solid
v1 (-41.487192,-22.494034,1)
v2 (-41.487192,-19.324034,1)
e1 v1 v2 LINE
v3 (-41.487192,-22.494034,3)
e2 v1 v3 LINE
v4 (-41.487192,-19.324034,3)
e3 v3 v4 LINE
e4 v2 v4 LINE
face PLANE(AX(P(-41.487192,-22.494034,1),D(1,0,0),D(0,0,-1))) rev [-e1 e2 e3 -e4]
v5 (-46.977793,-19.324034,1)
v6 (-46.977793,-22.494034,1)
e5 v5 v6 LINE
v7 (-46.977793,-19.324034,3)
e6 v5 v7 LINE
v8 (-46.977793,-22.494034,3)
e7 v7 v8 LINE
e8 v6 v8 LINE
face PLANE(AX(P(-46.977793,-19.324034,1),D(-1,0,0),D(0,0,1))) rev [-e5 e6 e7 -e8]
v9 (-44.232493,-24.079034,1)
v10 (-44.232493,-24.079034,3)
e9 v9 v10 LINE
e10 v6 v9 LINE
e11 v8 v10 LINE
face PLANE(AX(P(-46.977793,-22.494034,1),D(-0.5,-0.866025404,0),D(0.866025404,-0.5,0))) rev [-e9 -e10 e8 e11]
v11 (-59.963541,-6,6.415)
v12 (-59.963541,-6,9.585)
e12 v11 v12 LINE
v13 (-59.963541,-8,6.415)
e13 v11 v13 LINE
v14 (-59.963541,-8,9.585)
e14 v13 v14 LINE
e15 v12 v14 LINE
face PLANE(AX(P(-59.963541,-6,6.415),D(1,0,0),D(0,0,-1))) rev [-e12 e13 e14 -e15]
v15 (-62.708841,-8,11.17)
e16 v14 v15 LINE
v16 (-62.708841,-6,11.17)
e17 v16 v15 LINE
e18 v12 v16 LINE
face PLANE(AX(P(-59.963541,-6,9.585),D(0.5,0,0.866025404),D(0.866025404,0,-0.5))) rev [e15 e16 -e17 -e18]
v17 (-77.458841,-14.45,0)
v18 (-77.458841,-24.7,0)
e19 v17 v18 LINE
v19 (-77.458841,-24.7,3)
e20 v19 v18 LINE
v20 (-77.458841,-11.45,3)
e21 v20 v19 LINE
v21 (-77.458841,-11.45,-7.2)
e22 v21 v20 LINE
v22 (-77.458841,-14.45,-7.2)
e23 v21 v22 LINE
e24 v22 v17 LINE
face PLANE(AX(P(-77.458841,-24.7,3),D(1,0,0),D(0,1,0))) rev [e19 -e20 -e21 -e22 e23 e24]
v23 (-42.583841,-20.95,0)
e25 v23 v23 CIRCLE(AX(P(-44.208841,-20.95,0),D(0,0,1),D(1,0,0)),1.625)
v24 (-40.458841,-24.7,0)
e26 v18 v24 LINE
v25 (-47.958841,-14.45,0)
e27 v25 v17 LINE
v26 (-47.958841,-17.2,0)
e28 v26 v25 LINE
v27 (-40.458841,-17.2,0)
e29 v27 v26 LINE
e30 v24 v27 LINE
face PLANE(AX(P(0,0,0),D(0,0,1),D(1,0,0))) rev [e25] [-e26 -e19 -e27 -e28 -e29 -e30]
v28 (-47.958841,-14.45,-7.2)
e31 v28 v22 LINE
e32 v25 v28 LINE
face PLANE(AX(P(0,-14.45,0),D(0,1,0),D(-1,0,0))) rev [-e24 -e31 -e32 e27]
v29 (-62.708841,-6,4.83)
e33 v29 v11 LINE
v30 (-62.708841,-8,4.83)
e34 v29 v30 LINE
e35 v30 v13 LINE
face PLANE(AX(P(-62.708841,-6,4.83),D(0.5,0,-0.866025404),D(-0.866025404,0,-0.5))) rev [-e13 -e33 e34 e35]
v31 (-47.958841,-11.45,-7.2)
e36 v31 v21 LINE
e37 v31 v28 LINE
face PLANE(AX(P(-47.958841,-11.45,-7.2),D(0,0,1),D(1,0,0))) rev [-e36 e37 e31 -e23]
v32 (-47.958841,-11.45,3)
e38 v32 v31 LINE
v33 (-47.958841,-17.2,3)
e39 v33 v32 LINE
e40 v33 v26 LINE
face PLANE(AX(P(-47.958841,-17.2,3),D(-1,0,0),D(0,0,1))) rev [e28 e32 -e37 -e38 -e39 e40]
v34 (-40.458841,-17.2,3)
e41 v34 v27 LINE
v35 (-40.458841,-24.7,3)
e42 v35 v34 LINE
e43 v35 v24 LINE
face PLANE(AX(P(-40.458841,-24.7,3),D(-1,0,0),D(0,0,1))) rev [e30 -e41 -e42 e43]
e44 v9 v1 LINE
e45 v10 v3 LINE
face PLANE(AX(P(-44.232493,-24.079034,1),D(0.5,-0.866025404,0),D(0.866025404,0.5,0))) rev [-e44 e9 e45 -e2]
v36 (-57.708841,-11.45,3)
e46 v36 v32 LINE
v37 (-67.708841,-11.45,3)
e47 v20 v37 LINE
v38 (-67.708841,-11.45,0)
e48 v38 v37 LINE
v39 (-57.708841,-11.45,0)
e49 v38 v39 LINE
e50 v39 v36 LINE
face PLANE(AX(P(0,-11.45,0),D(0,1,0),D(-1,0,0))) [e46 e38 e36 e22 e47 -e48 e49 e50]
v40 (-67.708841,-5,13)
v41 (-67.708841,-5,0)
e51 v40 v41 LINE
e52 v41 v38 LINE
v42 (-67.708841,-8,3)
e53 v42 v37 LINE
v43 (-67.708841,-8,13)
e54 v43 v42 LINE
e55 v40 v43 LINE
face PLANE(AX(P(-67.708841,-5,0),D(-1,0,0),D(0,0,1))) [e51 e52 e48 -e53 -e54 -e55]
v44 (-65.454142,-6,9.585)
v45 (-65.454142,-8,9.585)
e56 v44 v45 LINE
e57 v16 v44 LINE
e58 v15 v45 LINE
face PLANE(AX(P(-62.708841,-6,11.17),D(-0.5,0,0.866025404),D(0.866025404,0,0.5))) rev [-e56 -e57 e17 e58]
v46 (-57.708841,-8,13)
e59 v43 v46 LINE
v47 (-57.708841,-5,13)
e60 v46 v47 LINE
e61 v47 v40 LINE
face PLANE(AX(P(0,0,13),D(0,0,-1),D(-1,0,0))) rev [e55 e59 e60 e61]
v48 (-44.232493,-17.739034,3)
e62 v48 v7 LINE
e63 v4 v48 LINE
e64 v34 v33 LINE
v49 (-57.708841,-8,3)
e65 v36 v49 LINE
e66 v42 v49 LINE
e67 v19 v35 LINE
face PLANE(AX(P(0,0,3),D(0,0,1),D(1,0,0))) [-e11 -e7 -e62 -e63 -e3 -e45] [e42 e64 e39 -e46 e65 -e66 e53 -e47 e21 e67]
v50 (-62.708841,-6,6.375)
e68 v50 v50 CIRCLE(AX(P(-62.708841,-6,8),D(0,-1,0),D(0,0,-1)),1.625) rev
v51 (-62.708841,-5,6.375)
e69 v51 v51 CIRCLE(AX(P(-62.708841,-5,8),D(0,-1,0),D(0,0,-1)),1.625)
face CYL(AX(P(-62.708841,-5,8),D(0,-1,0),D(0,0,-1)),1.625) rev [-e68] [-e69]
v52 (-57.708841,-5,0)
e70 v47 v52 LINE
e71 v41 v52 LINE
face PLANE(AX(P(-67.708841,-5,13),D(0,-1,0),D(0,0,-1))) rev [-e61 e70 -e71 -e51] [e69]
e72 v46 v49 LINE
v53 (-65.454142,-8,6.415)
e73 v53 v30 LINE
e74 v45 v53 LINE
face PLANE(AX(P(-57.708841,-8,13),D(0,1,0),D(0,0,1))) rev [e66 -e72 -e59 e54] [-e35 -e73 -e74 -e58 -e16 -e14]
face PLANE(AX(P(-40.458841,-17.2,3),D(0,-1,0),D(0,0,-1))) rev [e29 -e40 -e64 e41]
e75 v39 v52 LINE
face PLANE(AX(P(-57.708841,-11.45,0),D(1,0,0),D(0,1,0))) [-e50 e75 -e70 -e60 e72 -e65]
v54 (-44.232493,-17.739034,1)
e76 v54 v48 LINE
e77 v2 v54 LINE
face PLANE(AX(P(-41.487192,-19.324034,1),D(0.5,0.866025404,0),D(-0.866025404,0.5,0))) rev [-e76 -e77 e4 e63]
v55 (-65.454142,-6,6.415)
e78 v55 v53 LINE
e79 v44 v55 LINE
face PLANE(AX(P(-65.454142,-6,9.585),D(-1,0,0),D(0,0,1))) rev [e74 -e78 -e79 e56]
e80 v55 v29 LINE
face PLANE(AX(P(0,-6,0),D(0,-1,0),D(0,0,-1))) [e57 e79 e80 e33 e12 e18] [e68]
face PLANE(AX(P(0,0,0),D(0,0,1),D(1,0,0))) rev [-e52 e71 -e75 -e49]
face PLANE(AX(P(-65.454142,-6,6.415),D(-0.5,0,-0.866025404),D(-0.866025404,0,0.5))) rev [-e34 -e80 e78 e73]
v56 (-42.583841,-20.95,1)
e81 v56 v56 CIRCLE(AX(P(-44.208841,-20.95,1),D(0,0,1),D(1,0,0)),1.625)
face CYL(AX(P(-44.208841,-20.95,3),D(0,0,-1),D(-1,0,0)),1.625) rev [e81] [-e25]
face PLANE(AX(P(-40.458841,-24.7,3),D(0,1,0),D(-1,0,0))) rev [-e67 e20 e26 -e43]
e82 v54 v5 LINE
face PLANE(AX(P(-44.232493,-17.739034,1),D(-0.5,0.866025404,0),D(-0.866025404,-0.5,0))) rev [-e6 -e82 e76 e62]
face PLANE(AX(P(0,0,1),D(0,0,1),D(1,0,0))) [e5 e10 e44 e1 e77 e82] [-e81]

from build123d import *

# Parameters (mm, degrees)
CROQUIS1_R              = 1.625
SALIENTE_EXTRUIR1_DEPTH = 3
CORTAR_EXTRUIR1_DEPTH   = 2
CROQUIS4_W              = 29.5
CROQUIS4_H              = 10.2
SALIENTE_EXTRUIR2_DEPTH = 3
SALIENTE_EXTRUIR3_DEPTH = 3
CROQUIS7_W              = 10
CROQUIS7_H              = 3
SALIENTE_EXTRUIR4_DEPTH = 5
CROQUIS9_W              = 10
CROQUIS9_H              = 3
SALIENTE_EXTRUIR5_DEPTH = 10
CROQUIS10_R             = 1.625
CORTAR_EXTRUIR2_DEPTH   = 3
CORTAR_EXTRUIR3_DEPTH   = 2
CORTAR_EXTRUIR4_START   = -10
CROQUIS12_W             = 3
CROQUIS12_H             = 5
CORTAR_EXTRUIR4_DEPTH   = 10


with BuildPart() as part:
    # Croquis1 → Saliente-Extruir1 (new body)
    with BuildSketch(Plane.XY):
        Polygon((-40.458841365, -24.7), (-77.458841365, -24.7), (-77.458841365, -14.45), (-47.958841365, -14.45), (-47.958841365, -17.2), (-40.458841365, -17.2), align=None)
        with Locations((-44.208841365, -20.95)):
            Circle(CROQUIS1_R, mode=Mode.SUBTRACT)
    extrude(amount=SALIENTE_EXTRUIR1_DEPTH)

    # Croquis2 → Cortar-Extruir1 (cut)
    with BuildSketch(Plane.XY.offset(3)):
        Polygon((-44.232492922, -17.739034302), (-46.977793452, -19.324034302), (-46.977793452, -22.494034302), (-44.232492922, -24.079034302), (-41.487192392, -22.494034302), (-41.487192392, -19.324034302), align=None)
    extrude(amount=-CORTAR_EXTRUIR1_DEPTH, mode=Mode.SUBTRACT)

    # Croquis4 → Saliente-Extruir2 (add)
    with BuildSketch(Plane(origin=(0, -14.45, 0), x_dir=(1, 0, 0), z_dir=(0, 1, 0))):
        with Locations((-62.708841365, 2.1)):
            Rectangle(CROQUIS4_W, CROQUIS4_H)
    extrude(amount=SALIENTE_EXTRUIR2_DEPTH)

    # Croquis6 → Saliente-Extruir3 (add)
    with BuildSketch(Plane.XY.offset(3)):
        Polygon((-62.708841365, -11.45), (-67.708841365, -11.45), (-67.708841365, -5), (-57.708841365, -5), (-57.708841365, -11.45), align=None)
    extrude(amount=-SALIENTE_EXTRUIR3_DEPTH)

    # Croquis7 → Saliente-Extruir4 (add)
    with BuildSketch(Plane(origin=(0, -5, 0), x_dir=(1, 0, 0), z_dir=(0, 1, 0))):
        with Locations((-62.708841365, -1.5)):
            Rectangle(CROQUIS7_W, CROQUIS7_H)
    extrude(amount=SALIENTE_EXTRUIR4_DEPTH)

    # Croquis9 → Saliente-Extruir5 (add)
    with BuildSketch(Plane.XY.offset(3)):
        with Locations((-62.708841365, -6.5)):
            Rectangle(CROQUIS9_W, CROQUIS9_H)
    extrude(amount=SALIENTE_EXTRUIR5_DEPTH)

    # Croquis10 → Cortar-Extruir2 (cut)
    with BuildSketch(Plane.XZ.offset(8)):
        with Locations(Location((-62.708841365, 8, 0), (0, 0, 270))):
            Circle(CROQUIS10_R)
    extrude(amount=-CORTAR_EXTRUIR2_DEPTH, mode=Mode.SUBTRACT)

    # Croquis11 → Cortar-Extruir3 (cut)
    with BuildSketch(Plane.XZ.offset(8)):
        Polygon((-62.708841365, 4.83), (-59.963540835, 6.415), (-59.963540835, 9.585), (-62.708841365, 11.17), (-65.454141895, 9.585), (-65.454141895, 6.415), align=None)
    extrude(amount=-CORTAR_EXTRUIR3_DEPTH, mode=Mode.SUBTRACT)

    # Croquis12 → Cortar-Extruir4 (cut)
    with BuildSketch(Plane(origin=(-57.708841365, 0, 0), x_dir=(0, 0, -1), z_dir=(1, 0, 0)).offset(CORTAR_EXTRUIR4_START)):
        with Locations((-1.5, -2.5)):
            Rectangle(CROQUIS12_W, CROQUIS12_H)
    extrude(amount=CORTAR_EXTRUIR4_DEPTH, mode=Mode.SUBTRACT)


solid = part.part
